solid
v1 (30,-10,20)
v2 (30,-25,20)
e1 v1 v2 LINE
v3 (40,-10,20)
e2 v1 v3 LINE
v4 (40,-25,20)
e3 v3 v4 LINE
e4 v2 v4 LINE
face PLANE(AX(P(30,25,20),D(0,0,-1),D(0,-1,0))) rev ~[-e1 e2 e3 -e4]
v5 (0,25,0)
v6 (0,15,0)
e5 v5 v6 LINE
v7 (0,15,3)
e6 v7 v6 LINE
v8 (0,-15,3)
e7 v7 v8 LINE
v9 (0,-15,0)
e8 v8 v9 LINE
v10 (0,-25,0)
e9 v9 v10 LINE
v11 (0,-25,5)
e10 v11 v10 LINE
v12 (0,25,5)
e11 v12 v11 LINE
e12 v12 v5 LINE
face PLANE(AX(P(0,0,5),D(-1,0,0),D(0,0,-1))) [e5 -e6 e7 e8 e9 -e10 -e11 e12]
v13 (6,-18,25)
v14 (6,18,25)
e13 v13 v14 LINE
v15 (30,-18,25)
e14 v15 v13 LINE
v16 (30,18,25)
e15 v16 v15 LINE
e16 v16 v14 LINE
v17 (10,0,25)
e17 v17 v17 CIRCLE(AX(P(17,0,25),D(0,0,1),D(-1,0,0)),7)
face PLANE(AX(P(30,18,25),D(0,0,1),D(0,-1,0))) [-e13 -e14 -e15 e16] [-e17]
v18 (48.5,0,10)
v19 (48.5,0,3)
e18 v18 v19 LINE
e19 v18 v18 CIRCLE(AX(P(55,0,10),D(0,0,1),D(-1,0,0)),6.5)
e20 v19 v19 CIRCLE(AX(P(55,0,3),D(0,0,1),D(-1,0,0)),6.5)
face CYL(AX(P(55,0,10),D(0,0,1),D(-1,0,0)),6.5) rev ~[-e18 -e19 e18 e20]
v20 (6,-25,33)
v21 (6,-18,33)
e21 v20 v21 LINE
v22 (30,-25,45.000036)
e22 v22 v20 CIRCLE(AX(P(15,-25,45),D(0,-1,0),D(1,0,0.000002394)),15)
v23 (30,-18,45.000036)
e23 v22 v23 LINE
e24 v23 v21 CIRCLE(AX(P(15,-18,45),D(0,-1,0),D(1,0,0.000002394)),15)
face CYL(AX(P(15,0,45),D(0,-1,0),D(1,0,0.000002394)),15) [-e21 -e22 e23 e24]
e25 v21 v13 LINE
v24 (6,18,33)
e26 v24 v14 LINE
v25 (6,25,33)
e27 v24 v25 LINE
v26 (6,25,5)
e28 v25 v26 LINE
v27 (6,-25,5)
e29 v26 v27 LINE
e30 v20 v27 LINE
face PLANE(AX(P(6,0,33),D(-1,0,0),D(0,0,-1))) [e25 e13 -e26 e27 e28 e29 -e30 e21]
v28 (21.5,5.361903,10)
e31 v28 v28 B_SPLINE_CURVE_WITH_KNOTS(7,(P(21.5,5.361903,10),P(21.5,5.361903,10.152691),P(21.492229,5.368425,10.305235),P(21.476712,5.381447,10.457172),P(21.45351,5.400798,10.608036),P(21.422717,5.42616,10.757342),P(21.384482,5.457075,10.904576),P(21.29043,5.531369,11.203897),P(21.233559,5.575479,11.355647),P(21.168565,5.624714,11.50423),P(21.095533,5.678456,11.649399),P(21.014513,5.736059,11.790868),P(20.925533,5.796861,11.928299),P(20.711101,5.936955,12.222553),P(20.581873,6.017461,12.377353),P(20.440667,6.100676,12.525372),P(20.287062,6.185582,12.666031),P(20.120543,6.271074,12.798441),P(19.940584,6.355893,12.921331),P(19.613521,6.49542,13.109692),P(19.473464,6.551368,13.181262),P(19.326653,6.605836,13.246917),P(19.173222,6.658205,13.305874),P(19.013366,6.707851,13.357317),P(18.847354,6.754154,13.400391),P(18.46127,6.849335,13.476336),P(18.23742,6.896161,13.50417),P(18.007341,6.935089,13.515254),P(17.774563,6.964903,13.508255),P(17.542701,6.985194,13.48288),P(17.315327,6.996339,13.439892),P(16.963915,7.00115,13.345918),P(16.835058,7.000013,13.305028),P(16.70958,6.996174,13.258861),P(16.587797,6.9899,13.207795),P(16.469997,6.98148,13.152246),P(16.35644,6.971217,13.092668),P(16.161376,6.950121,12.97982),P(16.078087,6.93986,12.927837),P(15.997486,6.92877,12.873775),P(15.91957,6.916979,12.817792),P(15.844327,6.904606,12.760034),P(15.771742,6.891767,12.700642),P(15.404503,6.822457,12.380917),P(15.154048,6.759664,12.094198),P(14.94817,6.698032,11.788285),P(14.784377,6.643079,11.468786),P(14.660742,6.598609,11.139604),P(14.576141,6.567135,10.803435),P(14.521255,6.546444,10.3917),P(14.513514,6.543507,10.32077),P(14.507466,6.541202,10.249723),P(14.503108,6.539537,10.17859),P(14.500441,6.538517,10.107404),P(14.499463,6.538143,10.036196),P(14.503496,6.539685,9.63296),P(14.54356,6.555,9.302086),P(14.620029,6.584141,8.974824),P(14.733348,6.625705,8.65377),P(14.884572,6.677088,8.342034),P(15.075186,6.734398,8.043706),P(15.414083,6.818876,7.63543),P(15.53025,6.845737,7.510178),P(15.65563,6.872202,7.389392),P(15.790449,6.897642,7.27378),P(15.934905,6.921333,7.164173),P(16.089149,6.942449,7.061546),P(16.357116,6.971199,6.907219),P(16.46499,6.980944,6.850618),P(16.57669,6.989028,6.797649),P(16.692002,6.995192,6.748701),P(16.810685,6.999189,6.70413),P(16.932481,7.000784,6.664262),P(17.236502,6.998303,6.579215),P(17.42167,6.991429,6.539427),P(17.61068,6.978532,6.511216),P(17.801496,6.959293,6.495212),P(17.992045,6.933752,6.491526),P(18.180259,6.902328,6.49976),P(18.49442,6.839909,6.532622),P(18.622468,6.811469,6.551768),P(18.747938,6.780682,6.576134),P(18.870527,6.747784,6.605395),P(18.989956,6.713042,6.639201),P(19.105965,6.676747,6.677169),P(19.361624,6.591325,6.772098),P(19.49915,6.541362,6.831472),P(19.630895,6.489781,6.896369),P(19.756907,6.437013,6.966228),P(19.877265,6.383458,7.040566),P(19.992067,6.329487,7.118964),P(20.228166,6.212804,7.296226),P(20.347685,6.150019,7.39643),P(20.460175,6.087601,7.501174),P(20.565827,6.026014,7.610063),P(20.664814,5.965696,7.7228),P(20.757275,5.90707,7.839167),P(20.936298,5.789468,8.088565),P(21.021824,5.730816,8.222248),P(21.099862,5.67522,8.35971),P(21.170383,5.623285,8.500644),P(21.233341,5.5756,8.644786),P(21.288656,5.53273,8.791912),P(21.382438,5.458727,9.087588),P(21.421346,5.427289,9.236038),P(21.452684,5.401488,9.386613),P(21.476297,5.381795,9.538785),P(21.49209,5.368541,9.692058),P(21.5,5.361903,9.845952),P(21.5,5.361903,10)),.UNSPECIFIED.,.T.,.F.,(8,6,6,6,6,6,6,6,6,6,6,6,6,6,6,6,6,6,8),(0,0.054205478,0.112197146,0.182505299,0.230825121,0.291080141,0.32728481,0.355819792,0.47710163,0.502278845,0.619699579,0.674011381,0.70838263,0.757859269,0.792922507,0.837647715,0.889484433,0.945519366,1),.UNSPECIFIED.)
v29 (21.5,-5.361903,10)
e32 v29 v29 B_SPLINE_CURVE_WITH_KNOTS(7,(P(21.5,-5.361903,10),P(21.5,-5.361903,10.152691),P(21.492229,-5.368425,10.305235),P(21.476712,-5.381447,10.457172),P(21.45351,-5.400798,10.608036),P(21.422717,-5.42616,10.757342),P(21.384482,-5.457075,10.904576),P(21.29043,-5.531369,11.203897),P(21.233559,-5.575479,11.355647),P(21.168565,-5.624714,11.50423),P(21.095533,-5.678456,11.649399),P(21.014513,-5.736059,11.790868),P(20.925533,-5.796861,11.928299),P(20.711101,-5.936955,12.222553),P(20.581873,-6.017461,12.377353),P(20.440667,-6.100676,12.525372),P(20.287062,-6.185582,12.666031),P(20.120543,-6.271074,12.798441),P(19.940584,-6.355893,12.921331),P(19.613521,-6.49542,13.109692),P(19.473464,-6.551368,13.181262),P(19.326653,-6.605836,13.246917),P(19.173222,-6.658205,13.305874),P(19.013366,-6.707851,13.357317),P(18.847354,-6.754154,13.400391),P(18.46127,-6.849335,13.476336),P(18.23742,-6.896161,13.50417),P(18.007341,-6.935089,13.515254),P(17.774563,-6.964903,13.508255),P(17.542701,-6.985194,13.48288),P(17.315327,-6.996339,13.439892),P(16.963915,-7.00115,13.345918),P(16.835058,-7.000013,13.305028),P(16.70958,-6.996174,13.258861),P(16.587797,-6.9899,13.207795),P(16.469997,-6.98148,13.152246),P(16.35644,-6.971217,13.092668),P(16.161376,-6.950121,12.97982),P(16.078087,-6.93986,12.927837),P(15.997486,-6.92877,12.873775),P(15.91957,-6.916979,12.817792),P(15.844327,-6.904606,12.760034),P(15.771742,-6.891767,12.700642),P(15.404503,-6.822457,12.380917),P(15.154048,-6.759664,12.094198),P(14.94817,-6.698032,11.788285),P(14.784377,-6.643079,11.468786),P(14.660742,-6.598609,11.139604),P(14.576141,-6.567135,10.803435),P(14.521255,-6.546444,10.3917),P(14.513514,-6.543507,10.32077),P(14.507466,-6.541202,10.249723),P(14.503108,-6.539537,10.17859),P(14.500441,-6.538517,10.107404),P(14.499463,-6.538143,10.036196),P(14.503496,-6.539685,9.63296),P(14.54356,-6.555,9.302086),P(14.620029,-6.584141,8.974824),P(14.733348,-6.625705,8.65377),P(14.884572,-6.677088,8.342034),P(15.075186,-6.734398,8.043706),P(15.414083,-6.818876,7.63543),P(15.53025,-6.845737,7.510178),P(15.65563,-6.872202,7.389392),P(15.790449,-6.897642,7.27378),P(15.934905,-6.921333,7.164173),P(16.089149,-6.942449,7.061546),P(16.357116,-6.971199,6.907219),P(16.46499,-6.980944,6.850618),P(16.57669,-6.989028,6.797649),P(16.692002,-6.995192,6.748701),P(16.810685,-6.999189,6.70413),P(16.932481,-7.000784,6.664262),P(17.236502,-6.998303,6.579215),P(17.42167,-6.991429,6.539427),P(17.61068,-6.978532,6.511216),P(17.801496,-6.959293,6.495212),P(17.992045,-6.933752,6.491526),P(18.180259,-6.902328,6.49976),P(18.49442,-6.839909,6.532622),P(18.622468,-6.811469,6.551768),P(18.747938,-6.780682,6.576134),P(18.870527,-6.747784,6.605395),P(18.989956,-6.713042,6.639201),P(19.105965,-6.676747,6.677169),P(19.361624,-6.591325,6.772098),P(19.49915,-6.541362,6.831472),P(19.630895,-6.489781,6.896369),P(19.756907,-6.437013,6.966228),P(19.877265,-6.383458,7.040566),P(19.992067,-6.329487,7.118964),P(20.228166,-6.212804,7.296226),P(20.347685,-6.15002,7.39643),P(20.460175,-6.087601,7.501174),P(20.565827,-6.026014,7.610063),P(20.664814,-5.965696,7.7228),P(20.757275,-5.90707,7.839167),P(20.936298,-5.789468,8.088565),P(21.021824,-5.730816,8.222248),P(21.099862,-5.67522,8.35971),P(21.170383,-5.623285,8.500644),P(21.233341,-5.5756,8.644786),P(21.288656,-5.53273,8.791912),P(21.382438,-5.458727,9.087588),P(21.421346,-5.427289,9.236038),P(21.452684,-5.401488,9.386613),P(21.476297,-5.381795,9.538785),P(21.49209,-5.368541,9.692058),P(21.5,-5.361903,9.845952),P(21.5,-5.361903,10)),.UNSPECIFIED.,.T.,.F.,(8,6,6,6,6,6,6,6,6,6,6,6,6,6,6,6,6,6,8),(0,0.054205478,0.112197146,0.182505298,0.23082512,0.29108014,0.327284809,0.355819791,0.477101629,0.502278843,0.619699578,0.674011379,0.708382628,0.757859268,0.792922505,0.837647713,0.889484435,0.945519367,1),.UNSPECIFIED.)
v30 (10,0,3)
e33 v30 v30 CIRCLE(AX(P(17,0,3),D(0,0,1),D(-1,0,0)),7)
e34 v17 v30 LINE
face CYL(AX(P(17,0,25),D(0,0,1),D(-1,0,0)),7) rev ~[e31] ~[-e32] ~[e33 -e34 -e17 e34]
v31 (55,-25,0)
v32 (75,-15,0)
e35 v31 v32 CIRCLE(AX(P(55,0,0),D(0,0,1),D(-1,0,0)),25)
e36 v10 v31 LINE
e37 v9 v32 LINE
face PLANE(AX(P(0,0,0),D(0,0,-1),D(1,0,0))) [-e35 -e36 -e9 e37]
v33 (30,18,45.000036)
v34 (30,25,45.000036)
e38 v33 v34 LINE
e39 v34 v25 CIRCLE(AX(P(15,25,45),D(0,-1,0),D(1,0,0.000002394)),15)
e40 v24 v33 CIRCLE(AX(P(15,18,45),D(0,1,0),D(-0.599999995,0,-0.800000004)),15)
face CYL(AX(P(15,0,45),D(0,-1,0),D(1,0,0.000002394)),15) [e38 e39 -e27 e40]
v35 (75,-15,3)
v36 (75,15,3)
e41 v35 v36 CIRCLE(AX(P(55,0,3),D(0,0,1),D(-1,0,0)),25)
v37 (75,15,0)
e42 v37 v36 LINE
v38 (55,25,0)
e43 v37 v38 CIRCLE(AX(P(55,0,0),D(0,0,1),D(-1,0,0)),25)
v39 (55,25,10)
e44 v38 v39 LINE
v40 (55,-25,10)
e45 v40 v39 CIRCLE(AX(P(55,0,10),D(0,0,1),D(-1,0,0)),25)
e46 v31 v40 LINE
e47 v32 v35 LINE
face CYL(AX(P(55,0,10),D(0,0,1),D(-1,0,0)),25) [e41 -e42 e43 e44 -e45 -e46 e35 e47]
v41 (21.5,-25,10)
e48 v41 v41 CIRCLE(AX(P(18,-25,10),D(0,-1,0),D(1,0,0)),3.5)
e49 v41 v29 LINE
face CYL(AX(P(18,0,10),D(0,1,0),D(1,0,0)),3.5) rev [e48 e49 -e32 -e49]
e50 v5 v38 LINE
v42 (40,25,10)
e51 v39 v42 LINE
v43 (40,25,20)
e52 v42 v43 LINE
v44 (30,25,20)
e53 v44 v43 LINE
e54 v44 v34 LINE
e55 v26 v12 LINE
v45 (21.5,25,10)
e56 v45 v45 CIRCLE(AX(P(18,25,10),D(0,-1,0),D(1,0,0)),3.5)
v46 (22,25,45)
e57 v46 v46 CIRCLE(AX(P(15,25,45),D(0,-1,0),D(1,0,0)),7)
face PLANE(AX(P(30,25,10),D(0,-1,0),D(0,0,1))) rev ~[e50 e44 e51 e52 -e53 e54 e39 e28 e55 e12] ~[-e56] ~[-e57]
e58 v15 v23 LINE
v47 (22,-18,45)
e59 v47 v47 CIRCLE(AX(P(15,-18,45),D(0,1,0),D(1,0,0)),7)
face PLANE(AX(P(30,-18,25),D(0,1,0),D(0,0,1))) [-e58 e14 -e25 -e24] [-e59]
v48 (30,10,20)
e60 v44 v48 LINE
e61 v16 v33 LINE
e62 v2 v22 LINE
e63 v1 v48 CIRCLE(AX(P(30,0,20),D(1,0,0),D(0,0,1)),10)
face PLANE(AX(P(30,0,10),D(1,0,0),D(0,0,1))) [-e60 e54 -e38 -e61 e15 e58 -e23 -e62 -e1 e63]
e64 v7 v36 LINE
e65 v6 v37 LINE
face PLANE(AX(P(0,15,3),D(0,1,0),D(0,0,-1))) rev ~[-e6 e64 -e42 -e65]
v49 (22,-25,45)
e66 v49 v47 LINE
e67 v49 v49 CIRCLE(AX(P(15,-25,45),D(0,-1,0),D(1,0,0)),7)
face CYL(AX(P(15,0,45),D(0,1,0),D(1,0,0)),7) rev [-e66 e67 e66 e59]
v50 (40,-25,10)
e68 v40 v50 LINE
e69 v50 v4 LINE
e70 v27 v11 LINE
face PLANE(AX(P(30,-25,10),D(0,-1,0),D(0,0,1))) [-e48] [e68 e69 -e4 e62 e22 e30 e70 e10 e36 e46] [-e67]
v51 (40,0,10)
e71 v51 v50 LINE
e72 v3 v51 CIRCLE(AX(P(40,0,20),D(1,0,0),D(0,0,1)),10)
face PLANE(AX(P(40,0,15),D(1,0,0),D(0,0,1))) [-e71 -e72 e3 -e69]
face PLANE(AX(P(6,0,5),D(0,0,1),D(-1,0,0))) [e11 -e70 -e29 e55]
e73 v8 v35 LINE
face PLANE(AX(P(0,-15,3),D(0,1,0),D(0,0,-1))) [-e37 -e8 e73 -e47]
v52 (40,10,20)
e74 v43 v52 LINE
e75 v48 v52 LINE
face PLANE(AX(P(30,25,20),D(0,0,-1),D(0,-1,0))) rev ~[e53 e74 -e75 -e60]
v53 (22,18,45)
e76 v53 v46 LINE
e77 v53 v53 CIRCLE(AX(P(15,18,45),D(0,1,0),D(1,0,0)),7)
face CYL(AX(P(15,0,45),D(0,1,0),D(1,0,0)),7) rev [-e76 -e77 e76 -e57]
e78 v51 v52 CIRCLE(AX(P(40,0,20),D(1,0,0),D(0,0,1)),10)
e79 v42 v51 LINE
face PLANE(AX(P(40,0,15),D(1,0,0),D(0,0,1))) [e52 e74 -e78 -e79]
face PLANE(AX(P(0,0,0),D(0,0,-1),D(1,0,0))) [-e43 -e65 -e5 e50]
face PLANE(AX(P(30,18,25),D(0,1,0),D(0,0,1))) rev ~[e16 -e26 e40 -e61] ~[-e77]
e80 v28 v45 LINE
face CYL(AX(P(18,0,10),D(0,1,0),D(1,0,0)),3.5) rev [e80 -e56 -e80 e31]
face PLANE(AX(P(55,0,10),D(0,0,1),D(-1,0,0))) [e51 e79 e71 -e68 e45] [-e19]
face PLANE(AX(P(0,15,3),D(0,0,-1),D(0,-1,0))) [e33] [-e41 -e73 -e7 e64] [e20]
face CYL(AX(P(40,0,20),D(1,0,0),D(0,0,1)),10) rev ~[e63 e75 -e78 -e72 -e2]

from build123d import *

# Parameters (mm, degrees)
SKETCH_R        = 7
SKETCH_R_2      = 3.5
PAD_DEPTH       = 25
SKETCH001_R     = 25
PAD001_DEPTH    = 10
SKETCH002_W     = 35
SKETCH002_H     = 36
POCKET_DEPTH    = 30.001
SKETCH003_R     = 7
POCKET001_DEPTH = 25
SKETCH004_R     = 6.5
POCKET002_DEPTH = 10
SKETCH005_W     = 10
SKETCH005_H     = 50
PAD002_DEPTH    = 10
SKETCH006_R     = 10
POCKET003_DEPTH = 10
SKETCH007_W     = 3
SKETCH007_H     = 30
POCKET004_DEPTH = 80.001


with BuildPart() as part:
    # Sketch → Pad (new body, symmetric)
    with BuildSketch(Plane.XZ):
        with BuildLine():
            Line((6, 33), (6, 5))
            Line((6, 5), (0, 5))
            Line((0, 5), (0, 0))
            Line((0, 0), (55, 0))
            Line((55, 0), (55, 10))
            Line((55, 10), (30, 10))
            Line((30, 10), (30, 45.000036))
            ThreePointArc((30, 45.000036), (8.29178, 58.4164), (6, 33))
        make_face()
        with Locations((15, 45)):
            Circle(SKETCH_R, mode=Mode.SUBTRACT)
        with Locations((18, 10)):
            Circle(SKETCH_R_2, mode=Mode.SUBTRACT)
    extrude(amount=PAD_DEPTH, both=True)

    # Sketch001 (on Face6 of Pad) → Pad001 (new body)
    with BuildSketch(Plane(origin=(0, 0, 10), x_dir=(-1, 0, 0), z_dir=(0, 0, 1))):
        with Locations((-55, 0)):
            Circle(SKETCH001_R)
    extrude(amount=-PAD001_DEPTH)

    # Sketch002 (on Face6 of Pad001) → Pocket (cut, through all)
    with BuildSketch(Plane(origin=(30, 0, 0), x_dir=(0, 0, 1), z_dir=(1, 0, 0))):
        with Locations((42.5, 0)):
            Rectangle(SKETCH002_W, SKETCH002_H)
    extrude(amount=-POCKET_DEPTH, mode=Mode.SUBTRACT)

    # Sketch003 (on Face7 of Pocket) → Pocket001 (cut)
    with BuildSketch(Plane(origin=(0, 0, 25), x_dir=(-1, 0, 0), z_dir=(0, 0, 1))):
        with Locations((-17, 0)):
            Circle(SKETCH003_R)
    extrude(amount=-POCKET001_DEPTH, mode=Mode.SUBTRACT)

    # Sketch004 (on Face12 of Pocket001) → Pocket002 (cut)
    with BuildSketch(Plane(origin=(0, 0, 10), x_dir=(-1, 0, 0), z_dir=(0, 0, 1))):
        with Locations((-55, 0)):
            Circle(SKETCH004_R)
    extrude(amount=-POCKET002_DEPTH, mode=Mode.SUBTRACT)

    # Sketch005 (on Face10 of Pocket002) → Pad002 (new body)
    with BuildSketch(Plane(origin=(30, 0, 0), x_dir=(0, 0, 1), z_dir=(1, 0, 0))):
        with Locations((15, 0)):
            Rectangle(SKETCH005_W, SKETCH005_H)
    extrude(amount=PAD002_DEPTH)

    # Sketch006 (on Face3 of Pad002) → Pocket003 (cut)
    with BuildSketch(Plane(origin=(40, 0, 0), x_dir=(0, 0, 1), z_dir=(1, 0, 0))):
        with Locations((20, 0)):
            Circle(SKETCH006_R)
    extrude(amount=-POCKET003_DEPTH, mode=Mode.SUBTRACT)

    # Sketch007 (on Face15 of Pocket003) → Pocket004 (cut, through all)
    with BuildSketch(Plane(origin=(0, 0, 0), x_dir=(0, 0, -1), z_dir=(-1, 0, 0))):
        with Locations((-1.5, 0)):
            Rectangle(SKETCH007_W, SKETCH007_H)
    extrude(amount=-POCKET004_DEPTH, mode=Mode.SUBTRACT)


solid = part.part
